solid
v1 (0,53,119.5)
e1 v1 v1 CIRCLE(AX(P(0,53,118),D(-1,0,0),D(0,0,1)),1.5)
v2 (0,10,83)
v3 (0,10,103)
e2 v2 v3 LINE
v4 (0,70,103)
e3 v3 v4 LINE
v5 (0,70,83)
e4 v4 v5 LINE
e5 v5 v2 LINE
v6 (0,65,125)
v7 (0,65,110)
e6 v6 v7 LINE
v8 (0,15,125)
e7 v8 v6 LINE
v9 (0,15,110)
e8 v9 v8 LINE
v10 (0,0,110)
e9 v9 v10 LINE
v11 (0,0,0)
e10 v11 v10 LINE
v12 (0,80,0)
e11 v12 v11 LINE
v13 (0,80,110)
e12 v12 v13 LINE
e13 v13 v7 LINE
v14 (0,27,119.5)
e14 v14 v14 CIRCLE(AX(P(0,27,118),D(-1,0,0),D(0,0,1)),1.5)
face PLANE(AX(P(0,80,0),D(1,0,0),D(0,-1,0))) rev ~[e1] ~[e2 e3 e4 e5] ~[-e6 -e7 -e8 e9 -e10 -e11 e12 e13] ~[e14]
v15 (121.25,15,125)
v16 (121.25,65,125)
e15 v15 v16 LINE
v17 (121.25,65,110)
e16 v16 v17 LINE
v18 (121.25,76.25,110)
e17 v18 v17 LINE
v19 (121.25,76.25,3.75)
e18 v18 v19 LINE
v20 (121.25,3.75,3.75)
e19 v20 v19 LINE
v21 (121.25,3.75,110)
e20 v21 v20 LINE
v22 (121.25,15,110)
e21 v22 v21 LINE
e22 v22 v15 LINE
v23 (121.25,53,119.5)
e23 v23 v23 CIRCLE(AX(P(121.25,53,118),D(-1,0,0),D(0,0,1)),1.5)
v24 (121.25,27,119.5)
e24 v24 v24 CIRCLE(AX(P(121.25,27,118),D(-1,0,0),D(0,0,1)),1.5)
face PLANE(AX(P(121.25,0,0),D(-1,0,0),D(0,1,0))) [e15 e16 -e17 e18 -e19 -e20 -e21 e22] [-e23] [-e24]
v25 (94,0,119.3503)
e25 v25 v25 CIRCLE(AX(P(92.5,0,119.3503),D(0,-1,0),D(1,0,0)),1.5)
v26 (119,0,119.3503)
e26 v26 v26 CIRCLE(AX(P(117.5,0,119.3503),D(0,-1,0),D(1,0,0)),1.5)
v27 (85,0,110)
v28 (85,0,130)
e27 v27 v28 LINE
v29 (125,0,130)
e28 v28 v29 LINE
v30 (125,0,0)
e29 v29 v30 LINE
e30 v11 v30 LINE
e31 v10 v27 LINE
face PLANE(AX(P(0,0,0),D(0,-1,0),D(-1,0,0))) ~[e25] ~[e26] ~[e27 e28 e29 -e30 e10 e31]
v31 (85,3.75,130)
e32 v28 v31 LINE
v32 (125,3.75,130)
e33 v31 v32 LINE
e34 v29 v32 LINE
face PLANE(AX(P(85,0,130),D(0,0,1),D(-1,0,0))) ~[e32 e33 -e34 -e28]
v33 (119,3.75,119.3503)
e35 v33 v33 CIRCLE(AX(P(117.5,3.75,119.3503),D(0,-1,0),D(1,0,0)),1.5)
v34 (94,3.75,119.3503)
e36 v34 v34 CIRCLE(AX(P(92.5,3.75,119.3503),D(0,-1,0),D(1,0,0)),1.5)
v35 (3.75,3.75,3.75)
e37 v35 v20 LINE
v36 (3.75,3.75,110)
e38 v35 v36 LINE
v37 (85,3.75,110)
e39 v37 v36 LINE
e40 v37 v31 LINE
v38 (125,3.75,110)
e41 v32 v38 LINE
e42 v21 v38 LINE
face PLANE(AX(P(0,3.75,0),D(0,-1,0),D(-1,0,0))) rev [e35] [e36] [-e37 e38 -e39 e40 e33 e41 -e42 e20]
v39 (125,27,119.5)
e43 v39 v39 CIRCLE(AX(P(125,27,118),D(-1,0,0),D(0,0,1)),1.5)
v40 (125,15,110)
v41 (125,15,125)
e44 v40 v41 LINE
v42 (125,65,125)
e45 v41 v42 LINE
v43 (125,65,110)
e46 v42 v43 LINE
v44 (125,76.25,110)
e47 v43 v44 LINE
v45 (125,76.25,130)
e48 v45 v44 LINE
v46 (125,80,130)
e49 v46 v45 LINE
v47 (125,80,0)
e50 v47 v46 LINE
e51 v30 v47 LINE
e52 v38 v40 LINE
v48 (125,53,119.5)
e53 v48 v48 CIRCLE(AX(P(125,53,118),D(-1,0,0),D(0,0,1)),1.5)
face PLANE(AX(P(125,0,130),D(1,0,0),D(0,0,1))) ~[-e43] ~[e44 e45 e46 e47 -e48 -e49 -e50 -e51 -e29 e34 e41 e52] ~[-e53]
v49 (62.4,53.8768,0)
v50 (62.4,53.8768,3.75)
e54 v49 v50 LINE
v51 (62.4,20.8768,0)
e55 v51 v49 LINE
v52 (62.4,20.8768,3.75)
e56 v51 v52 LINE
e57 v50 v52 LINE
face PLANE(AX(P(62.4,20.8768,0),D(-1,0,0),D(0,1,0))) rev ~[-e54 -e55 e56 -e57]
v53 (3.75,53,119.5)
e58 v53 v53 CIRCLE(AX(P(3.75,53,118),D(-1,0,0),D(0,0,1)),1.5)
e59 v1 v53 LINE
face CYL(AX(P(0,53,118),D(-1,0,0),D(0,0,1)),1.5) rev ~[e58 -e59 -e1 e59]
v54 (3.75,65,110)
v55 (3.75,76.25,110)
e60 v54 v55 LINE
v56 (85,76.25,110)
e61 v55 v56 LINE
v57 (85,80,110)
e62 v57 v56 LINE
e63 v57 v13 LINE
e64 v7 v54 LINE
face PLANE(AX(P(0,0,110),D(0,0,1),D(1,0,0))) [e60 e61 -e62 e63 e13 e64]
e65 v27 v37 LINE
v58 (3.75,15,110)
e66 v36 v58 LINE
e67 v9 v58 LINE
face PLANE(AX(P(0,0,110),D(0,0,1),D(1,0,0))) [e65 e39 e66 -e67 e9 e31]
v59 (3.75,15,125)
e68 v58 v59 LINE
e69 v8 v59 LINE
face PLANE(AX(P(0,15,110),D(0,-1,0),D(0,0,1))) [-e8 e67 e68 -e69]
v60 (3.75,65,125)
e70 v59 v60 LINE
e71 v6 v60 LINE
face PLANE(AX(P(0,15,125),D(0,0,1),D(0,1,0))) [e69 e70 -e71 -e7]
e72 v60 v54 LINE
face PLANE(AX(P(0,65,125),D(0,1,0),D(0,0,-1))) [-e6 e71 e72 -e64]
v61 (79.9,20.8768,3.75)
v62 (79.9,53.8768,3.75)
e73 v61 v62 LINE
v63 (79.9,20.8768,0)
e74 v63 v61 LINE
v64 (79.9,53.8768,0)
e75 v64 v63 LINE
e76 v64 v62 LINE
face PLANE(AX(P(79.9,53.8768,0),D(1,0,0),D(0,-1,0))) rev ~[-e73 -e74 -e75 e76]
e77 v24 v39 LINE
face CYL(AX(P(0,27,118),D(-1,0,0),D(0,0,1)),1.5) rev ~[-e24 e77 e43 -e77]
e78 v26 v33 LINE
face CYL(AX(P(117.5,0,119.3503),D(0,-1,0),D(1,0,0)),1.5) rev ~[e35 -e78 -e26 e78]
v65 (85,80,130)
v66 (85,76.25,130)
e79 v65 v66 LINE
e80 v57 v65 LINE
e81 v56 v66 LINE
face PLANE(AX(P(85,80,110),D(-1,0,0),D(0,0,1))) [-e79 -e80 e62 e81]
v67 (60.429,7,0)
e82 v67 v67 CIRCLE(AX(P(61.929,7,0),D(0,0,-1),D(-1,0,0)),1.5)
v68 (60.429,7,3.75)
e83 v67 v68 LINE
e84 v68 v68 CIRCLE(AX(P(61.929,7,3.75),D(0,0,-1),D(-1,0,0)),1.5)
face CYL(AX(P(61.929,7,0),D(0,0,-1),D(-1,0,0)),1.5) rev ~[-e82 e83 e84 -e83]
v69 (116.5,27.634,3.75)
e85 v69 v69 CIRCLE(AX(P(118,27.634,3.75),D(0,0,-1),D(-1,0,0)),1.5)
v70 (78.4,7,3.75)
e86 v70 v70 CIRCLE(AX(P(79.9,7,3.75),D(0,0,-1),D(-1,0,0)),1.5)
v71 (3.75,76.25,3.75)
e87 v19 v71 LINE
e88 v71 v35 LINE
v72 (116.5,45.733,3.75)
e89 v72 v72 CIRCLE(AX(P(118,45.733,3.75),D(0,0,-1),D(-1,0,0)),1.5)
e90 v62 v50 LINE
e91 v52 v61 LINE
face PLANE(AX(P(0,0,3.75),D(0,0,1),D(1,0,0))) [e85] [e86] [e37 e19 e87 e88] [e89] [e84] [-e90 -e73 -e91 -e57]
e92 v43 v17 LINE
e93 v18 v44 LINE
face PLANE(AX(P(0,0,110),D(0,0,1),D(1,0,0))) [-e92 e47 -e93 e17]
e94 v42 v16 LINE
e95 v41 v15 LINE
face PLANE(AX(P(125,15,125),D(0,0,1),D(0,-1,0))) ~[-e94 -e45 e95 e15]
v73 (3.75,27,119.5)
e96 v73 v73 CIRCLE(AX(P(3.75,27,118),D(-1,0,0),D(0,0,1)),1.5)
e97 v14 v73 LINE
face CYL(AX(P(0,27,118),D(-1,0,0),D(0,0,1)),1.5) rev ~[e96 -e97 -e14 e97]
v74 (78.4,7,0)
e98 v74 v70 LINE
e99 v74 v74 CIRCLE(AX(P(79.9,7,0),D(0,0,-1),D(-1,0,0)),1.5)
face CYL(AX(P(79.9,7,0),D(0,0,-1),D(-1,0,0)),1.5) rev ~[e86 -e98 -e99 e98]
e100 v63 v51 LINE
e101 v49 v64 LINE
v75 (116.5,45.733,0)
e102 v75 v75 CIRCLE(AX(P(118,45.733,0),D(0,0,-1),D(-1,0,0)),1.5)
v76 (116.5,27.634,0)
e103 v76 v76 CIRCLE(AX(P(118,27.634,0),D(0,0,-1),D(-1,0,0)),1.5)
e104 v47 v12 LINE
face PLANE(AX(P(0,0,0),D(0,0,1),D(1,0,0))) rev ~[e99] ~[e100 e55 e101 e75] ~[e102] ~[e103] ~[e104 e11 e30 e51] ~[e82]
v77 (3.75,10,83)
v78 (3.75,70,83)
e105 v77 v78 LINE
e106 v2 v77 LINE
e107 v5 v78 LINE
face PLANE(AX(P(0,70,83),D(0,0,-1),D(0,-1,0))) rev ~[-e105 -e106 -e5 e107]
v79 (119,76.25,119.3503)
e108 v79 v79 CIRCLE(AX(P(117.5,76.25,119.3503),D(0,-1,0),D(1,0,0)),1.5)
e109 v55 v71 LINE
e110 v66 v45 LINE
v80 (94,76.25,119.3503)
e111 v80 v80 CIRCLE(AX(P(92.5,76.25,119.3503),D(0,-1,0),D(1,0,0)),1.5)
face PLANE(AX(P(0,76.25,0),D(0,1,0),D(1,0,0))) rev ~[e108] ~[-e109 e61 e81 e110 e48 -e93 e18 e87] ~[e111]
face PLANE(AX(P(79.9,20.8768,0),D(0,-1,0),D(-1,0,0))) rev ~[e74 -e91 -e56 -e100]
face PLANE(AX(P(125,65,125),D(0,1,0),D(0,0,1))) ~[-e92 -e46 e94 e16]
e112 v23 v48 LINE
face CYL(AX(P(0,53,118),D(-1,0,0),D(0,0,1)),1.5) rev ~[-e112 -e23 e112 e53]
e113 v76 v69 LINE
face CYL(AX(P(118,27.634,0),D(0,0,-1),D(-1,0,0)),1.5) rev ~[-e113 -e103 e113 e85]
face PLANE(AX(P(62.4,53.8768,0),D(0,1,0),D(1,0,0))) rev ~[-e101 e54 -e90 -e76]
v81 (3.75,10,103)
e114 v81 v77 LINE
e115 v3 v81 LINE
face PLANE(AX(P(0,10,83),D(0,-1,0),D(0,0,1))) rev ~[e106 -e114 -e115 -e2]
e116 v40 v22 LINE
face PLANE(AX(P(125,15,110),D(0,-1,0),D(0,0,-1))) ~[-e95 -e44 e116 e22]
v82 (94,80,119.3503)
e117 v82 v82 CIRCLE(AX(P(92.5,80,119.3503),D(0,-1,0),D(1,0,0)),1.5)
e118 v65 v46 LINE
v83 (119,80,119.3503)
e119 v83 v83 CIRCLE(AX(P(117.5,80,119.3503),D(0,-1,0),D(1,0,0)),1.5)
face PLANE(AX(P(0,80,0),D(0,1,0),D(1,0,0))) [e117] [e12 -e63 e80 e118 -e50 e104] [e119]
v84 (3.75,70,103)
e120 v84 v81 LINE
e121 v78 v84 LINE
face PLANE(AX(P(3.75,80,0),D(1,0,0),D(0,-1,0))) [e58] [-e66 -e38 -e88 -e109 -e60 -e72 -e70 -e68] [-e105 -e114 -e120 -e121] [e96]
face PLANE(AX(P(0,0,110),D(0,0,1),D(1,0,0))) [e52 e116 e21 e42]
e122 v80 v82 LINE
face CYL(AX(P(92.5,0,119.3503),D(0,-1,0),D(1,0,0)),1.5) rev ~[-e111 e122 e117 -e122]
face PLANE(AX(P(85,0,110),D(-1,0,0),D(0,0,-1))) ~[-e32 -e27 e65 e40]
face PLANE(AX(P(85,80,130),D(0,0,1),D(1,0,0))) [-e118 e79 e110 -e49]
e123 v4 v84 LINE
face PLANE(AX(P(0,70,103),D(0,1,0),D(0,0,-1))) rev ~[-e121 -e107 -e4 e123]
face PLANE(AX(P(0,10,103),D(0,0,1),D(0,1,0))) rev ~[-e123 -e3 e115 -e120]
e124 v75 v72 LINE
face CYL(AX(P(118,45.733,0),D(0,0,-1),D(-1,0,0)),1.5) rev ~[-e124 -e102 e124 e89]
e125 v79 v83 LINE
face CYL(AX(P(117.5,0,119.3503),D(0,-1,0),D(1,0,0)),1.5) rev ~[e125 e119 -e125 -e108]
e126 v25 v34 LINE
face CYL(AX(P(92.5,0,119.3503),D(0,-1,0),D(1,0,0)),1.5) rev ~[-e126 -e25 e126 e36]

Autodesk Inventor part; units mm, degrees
ref_plane "XY Plane" through (0, 0, 0) normal (0, 0, 1) x (1, 0, 0)
sketch "Sketch1" plane through (0, 0, 0) normal (0, 0, 1) x (1, 0, 0)
  line L0 (0, 0) -> (125, 0)
  line L1 (125, 0) -> (125, 80)
  line L2 (125, 80) -> (0, 80)
  line L3 (0, 80) -> (0, 0)
  dimension "d0" = 125
  dimension "d1" = 80
extrude "Extrusion1" add sketch "Sketch1" along normal blind 110
shell "Shell1" thickness 3.75 removed faces 1 at (83.3333, 26.6667, 110)
sketch "Sketch2" plane through (0, 0, 0) normal (0, 0, -1) x (-1, 0, 0)
  line L0 (0, 80) -> (0, 0) projected
  line L1 (-125, 80) -> (0, 80) projected
  line L2 (0, 0) -> (-125, 0) projected
  line L3 (-125, 0) -> (-125, 80) projected
  circle A0 centre (-118, 27.634) radius 1.5
  circle A1 centre (-118, 45.733) radius 1.5
  circle A2 centre (-79.9, 7) radius 1.5
  circle A3 centre (-61.929, 7) radius 1.5
  line L4 (-62.4, 53.8768) -> (-79.9, 53.8768)
  line L5 (-79.9, 53.8768) -> (-79.9, 20.8768)
  line L6 (-79.9, 20.8768) -> (-62.4, 20.8768)
  line L7 (-62.4, 20.8768) -> (-62.4, 53.8768)
  dimension "d22" = 3
  dimension "d23" = 3
  dimension "d24" = 7
  dimension "d25" = 7
  dimension "d26" = 27.634
  dimension "d46" = 45.733
  dimension "d77" = 3
  dimension "d78" = 3
  dimension "d79" = 7
  dimension "d80" = 7
  dimension "d81" = 45.1
  dimension "d82" = 63.071
  dimension "d83" = 45.1
  dimension "d84" = 20.8768
  dimension "d85" = 33
  dimension "d86" = 17.5
extrude "Extrusion6" cut sketch "Sketch2" against normal blind 20 contours A0 | A1 | A2 | A3 | L7 L6 L5 L4
sketch "Sketch6" plane through (0, 80, 0) normal (0, 1, 0) x (1, 0, 0)
  line L0 (0, -110) -> (125, -110) projected
  line L1 (125, -110) -> (85, -110)
  line L2 (85, -110) -> (85, -130)
  line L3 (85, -130) -> (125, -130)
  line L4 (125, -130) -> (125, -110)
  point P0 (0, 0)
  dimension "d53" = 40
  dimension "d54" = 20
extrude "Extrusion8" add sketch "Sketch6" against normal blind 3.75
ref_plane "Work Plane1" through (0, 40, 0) normal (0, 1, 0) x (-1, 0, 0)
mirror "Mirror1" about plane through (0, 40, 0) normal (0, 1, 0) of "Extrusion8"
sketch "Sketch7" plane through (0, 0, 0) normal (-1, 0, 0) x (0, 0, 1)
  line L0 (110, 3.75) -> (110, 76.25) projected
  line L1 (110, 15) -> (125, 15)
  line L2 (125, 15) -> (125, 65)
  line L3 (125, 65) -> (110, 65)
  line L4 (110, 65) -> (110, 15)
  line L5 (130, 76.25) -> (110, 76.25) projected
  line L6 (130, 3.75) -> (110, 3.75) projected
  point P0 (0, 0)
  dimension "d58" = 15
  dimension "d59" = 50
  dimension "d60" = 11.25
  dimension "d61" = 11.25
extrude "Extrusion9" add sketch "Sketch7" against normal blind 3.75
ref_plane "Work Plane2" through (62.5, 0, 0) normal (1, 0, 0) x (0, 1, 0)
mirror "Mirror2" about plane through (62.5, 0, 0) normal (1, 0, 0) of "Extrusion9"
sketch "Sketch8" plane through (0, 0, 0) normal (-1, 0, 0) x (0, 0, 1)
  line L0 (103, 70) -> (83, 70)
  line L1 (83, 70) -> (83, 10)
  line L2 (83, 10) -> (103, 10)
  line L3 (103, 10) -> (103, 70)
  line L4 (110, 3.75) -> (110, 15) projected
  line L5 (0, 0) -> (110, 0) projected
  line L6 (0, 80) -> (110, 80) projected
  dimension "d70" = 20
  dimension "d71" = 60
  dimension "d72" = 7
  dimension "d73" = 10
  dimension "d74" = 10
extrude "Extrusion11" cut sketch "Sketch8" against normal blind 10
sketch "Sketch9" plane through (0, 0, 0) normal (-1, 0, 0) x (0, 0, 1)
  circle A0 centre (118, 53) radius 1.5
  circle A1 centre (118, 27) radius 1.5
  line L0 (110, 15) -> (125, 15) projected
  line L1 (125, 15) -> (125, 65) projected
  line L2 (125, 65) -> (110, 65) projected
  point P0 (0, 0)
  dimension "d87" = 3
  dimension "d88" = 3
  dimension "d89" = 12
  dimension "d90" = 7
  dimension "d91" = 12
  dimension "d92" = 7
extrude "Extrusion12" cut sketch "Sketch9" against normal blind 200
sketch "Sketch10" plane through (0, 0, 0) normal (0, -1, 0) x (1, 0, 0)
  circle A0 centre (92.5, 119.3503) radius 1.5
  circle A1 centre (117.5, 119.3503) radius 1.5
  line L0 (125, 0) -> (125, 130) projected
  line L1 (85, 110) -> (85, 130) projected
  line L2 (85, 130) -> (125, 130) projected
  point P0 (0, 0)
  dimension "d95" = 3
  dimension "d96" = 3
  dimension "d97" = 7.5
  dimension "d98" = 7.5
  dimension "d99" = 10.6497
  dimension "d100" = 10.6497
extrude "Extrusion13" cut sketch "Sketch10" against normal blind 100
properties part number "Main Part"
